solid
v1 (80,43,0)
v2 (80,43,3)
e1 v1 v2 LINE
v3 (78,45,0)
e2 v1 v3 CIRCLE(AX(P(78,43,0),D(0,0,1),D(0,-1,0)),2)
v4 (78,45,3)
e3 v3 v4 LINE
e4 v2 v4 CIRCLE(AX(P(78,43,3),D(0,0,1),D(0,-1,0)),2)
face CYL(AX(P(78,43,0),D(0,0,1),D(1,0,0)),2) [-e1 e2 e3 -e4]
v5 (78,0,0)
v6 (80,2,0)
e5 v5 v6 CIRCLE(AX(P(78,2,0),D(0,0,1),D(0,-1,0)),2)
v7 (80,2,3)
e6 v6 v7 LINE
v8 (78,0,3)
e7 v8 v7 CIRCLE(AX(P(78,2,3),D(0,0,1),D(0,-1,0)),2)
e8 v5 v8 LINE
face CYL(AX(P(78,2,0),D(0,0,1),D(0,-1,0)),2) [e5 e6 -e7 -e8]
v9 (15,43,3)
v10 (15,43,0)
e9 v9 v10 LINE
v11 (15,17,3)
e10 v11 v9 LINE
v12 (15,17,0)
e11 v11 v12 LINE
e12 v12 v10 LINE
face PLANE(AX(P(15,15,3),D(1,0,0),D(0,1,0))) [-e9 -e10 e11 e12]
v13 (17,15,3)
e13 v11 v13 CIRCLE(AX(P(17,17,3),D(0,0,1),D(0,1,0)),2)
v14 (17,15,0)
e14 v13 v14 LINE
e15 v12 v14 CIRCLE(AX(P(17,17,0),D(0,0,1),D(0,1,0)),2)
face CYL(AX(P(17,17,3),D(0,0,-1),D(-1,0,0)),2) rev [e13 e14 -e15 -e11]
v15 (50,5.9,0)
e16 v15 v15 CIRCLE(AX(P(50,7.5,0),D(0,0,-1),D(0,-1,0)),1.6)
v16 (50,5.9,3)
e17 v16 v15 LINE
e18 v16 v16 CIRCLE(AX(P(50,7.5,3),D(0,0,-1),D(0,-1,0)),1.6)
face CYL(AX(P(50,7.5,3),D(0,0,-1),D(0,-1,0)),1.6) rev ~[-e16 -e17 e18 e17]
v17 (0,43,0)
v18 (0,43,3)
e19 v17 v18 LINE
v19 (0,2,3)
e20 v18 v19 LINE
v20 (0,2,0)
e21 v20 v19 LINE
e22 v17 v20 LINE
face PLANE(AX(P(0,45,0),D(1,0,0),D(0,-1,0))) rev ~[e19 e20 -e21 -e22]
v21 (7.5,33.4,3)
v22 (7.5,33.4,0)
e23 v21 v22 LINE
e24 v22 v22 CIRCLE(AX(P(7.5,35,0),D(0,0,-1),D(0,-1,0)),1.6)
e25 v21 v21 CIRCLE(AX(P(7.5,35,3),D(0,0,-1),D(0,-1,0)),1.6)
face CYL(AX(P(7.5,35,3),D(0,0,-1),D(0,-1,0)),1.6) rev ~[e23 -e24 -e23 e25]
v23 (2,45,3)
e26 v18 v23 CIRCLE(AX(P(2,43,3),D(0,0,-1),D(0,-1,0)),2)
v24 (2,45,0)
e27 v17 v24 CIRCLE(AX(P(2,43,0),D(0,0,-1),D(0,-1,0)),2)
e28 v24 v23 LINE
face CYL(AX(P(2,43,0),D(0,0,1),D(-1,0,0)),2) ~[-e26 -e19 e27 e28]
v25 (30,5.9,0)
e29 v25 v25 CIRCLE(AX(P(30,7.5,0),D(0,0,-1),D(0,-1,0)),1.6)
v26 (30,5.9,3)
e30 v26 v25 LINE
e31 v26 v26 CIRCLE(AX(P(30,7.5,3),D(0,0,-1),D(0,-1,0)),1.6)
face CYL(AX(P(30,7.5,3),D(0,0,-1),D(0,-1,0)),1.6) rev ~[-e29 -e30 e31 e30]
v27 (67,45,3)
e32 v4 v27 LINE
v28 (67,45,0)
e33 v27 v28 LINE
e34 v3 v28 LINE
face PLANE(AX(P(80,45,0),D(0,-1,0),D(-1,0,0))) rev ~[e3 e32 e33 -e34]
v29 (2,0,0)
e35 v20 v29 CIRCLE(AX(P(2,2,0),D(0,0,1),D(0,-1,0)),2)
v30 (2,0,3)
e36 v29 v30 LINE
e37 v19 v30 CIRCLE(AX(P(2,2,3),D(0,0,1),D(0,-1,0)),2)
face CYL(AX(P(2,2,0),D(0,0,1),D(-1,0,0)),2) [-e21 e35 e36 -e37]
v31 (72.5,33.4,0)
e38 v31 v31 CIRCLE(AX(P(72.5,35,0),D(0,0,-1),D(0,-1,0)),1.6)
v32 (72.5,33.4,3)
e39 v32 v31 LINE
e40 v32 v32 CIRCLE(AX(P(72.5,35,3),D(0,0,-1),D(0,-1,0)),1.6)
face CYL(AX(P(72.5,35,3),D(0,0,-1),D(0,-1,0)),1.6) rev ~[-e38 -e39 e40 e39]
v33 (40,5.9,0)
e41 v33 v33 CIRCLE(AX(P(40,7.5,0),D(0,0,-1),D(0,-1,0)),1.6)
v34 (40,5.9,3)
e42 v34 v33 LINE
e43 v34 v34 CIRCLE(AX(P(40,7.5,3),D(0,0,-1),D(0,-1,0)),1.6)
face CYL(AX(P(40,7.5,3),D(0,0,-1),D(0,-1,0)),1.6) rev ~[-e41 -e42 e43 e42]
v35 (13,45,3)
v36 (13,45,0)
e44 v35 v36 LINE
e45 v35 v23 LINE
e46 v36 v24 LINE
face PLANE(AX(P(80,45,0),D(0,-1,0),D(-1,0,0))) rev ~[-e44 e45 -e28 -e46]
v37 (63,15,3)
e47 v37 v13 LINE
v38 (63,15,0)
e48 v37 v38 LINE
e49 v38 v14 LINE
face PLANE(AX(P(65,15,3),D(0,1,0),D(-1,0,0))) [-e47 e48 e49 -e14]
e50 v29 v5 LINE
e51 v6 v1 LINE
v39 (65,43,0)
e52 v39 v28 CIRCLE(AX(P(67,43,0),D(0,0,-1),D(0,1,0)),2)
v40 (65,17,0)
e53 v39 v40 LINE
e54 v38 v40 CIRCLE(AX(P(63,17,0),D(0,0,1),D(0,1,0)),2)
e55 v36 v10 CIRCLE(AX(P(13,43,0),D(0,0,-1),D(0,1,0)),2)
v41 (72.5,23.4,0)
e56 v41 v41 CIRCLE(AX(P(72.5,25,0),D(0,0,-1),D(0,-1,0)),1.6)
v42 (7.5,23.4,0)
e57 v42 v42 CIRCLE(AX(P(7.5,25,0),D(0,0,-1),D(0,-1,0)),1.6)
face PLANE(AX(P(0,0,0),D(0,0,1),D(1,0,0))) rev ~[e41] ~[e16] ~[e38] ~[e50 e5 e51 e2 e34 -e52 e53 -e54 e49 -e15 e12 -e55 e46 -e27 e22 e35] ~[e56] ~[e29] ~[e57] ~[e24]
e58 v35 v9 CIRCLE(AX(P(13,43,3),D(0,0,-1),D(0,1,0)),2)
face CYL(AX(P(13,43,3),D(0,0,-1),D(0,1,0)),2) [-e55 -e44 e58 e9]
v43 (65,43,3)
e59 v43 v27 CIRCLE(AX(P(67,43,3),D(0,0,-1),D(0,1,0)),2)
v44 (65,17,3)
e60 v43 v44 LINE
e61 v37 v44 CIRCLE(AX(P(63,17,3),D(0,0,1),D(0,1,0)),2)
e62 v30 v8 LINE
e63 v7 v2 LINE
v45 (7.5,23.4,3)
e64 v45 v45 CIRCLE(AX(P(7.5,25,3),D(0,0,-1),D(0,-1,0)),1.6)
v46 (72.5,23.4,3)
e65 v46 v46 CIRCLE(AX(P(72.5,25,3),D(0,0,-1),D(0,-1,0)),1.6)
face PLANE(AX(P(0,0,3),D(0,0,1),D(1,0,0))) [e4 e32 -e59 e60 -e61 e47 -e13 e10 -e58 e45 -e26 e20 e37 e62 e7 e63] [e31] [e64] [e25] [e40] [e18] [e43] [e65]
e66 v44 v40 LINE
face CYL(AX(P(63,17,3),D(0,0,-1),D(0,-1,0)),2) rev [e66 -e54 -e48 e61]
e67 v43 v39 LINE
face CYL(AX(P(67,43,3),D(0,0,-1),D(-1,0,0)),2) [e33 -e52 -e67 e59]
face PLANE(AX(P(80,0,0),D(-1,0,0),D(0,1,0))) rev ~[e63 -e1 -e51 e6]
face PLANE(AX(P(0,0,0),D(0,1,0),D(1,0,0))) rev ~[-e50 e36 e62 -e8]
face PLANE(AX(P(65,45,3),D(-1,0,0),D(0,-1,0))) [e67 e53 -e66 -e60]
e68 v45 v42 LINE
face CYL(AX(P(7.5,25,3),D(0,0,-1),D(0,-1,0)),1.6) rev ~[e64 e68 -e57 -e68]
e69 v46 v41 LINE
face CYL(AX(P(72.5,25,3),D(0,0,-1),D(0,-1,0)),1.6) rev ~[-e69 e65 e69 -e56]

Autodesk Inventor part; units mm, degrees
ref_plane "YZ Plane" through (0, 0, 0) normal (1, 0, 0) x (0, 1, 0)
ref_plane "XZ Plane" through (0, 0, 0) normal (0, 1, 0) x (-1, 0, 0)
ref_plane "XY Plane" through (0, 0, 0) normal (0, 0, 1) x (1, 0, 0)
sketch "スケッチ1" plane through (0, 0, 0) normal (0, 0, 1) x (1, 0, 0)
  line L0 (0, 0) -> (80, 0)
  line L1 (80, 0) -> (80, 45)
  line L2 (80, 45) -> (0, 45)
  line L3 (0, 45) -> (0, 0)
  dimension "d0" = 80
  dimension "d1" = 45
extrude "押し出し1" add sketch "スケッチ1" along normal blind 3
sketch "スケッチ2" plane through (0, 0, 3) normal (0, 0, 1) x (1, 0, 0)
  line L0 (0, 45) -> (0, 0) projected
  line L1 (0, 0) -> (80, 0) projected
  line L2 (80, 45) -> (0, 45) projected
  line L3 (40, 45) -> (40, 0) construction
  point P0 (7.5, 35)
  point P1 (7.5, 25)
  point P2 (30, 7.5)
  point P3 (72.5, 35)
  point P4 (72.5, 25)
  point P5 (50, 7.5)
  point P6 (40, 7.5)
  dimension "d4" = 7.5
  dimension "d5" = 35
  dimension "d6" = 10
  dimension "d7" = 7.5
  dimension "d8" = 7.5
  dimension "d9" = 30
hole "穴1" at (7.5, 35, 3) at (7.5, 25, 3) at (30, 7.5, 3) at (72.5, 35, 3) at (72.5, 25, 3) at (50, 7.5, 3) at (40, 7.5, 3) direction (0, 0, -1) diameter 3.2 end through all
sketch "スケッチ3" plane through (0, 0, 3) normal (0, 0, 1) x (1, 0, 0)
  line L0 (80, 45) -> (0, 45) projected
  line L1 (15, 45) -> (65, 45)
  line L2 (65, 45) -> (65, 15)
  line L3 (65, 15) -> (15, 15)
  line L4 (15, 15) -> (15, 45)
  line L5 (0, 45) -> (0, 0) projected
  line L6 (0, 0) -> (80, 0) projected
  dimension "d17" = 50
  dimension "d18" = 30
  dimension "d19" = 15
  dimension "d20" = 15
extrude "押し出し2" cut sketch "スケッチ3" against normal blind 3
fillet "フィレット1" radius 2 8 edges at (15, 45, 1.5) (65, 15, 1.5) (65, 45, 1.5) (80, 45, 1.5) (0, 45, 1.5) (0, 0, 1.5) (80, 0, 1.5) (15, 15, 1.5)
properties part number "射出_固定1" material "アルミニウム 6061"
